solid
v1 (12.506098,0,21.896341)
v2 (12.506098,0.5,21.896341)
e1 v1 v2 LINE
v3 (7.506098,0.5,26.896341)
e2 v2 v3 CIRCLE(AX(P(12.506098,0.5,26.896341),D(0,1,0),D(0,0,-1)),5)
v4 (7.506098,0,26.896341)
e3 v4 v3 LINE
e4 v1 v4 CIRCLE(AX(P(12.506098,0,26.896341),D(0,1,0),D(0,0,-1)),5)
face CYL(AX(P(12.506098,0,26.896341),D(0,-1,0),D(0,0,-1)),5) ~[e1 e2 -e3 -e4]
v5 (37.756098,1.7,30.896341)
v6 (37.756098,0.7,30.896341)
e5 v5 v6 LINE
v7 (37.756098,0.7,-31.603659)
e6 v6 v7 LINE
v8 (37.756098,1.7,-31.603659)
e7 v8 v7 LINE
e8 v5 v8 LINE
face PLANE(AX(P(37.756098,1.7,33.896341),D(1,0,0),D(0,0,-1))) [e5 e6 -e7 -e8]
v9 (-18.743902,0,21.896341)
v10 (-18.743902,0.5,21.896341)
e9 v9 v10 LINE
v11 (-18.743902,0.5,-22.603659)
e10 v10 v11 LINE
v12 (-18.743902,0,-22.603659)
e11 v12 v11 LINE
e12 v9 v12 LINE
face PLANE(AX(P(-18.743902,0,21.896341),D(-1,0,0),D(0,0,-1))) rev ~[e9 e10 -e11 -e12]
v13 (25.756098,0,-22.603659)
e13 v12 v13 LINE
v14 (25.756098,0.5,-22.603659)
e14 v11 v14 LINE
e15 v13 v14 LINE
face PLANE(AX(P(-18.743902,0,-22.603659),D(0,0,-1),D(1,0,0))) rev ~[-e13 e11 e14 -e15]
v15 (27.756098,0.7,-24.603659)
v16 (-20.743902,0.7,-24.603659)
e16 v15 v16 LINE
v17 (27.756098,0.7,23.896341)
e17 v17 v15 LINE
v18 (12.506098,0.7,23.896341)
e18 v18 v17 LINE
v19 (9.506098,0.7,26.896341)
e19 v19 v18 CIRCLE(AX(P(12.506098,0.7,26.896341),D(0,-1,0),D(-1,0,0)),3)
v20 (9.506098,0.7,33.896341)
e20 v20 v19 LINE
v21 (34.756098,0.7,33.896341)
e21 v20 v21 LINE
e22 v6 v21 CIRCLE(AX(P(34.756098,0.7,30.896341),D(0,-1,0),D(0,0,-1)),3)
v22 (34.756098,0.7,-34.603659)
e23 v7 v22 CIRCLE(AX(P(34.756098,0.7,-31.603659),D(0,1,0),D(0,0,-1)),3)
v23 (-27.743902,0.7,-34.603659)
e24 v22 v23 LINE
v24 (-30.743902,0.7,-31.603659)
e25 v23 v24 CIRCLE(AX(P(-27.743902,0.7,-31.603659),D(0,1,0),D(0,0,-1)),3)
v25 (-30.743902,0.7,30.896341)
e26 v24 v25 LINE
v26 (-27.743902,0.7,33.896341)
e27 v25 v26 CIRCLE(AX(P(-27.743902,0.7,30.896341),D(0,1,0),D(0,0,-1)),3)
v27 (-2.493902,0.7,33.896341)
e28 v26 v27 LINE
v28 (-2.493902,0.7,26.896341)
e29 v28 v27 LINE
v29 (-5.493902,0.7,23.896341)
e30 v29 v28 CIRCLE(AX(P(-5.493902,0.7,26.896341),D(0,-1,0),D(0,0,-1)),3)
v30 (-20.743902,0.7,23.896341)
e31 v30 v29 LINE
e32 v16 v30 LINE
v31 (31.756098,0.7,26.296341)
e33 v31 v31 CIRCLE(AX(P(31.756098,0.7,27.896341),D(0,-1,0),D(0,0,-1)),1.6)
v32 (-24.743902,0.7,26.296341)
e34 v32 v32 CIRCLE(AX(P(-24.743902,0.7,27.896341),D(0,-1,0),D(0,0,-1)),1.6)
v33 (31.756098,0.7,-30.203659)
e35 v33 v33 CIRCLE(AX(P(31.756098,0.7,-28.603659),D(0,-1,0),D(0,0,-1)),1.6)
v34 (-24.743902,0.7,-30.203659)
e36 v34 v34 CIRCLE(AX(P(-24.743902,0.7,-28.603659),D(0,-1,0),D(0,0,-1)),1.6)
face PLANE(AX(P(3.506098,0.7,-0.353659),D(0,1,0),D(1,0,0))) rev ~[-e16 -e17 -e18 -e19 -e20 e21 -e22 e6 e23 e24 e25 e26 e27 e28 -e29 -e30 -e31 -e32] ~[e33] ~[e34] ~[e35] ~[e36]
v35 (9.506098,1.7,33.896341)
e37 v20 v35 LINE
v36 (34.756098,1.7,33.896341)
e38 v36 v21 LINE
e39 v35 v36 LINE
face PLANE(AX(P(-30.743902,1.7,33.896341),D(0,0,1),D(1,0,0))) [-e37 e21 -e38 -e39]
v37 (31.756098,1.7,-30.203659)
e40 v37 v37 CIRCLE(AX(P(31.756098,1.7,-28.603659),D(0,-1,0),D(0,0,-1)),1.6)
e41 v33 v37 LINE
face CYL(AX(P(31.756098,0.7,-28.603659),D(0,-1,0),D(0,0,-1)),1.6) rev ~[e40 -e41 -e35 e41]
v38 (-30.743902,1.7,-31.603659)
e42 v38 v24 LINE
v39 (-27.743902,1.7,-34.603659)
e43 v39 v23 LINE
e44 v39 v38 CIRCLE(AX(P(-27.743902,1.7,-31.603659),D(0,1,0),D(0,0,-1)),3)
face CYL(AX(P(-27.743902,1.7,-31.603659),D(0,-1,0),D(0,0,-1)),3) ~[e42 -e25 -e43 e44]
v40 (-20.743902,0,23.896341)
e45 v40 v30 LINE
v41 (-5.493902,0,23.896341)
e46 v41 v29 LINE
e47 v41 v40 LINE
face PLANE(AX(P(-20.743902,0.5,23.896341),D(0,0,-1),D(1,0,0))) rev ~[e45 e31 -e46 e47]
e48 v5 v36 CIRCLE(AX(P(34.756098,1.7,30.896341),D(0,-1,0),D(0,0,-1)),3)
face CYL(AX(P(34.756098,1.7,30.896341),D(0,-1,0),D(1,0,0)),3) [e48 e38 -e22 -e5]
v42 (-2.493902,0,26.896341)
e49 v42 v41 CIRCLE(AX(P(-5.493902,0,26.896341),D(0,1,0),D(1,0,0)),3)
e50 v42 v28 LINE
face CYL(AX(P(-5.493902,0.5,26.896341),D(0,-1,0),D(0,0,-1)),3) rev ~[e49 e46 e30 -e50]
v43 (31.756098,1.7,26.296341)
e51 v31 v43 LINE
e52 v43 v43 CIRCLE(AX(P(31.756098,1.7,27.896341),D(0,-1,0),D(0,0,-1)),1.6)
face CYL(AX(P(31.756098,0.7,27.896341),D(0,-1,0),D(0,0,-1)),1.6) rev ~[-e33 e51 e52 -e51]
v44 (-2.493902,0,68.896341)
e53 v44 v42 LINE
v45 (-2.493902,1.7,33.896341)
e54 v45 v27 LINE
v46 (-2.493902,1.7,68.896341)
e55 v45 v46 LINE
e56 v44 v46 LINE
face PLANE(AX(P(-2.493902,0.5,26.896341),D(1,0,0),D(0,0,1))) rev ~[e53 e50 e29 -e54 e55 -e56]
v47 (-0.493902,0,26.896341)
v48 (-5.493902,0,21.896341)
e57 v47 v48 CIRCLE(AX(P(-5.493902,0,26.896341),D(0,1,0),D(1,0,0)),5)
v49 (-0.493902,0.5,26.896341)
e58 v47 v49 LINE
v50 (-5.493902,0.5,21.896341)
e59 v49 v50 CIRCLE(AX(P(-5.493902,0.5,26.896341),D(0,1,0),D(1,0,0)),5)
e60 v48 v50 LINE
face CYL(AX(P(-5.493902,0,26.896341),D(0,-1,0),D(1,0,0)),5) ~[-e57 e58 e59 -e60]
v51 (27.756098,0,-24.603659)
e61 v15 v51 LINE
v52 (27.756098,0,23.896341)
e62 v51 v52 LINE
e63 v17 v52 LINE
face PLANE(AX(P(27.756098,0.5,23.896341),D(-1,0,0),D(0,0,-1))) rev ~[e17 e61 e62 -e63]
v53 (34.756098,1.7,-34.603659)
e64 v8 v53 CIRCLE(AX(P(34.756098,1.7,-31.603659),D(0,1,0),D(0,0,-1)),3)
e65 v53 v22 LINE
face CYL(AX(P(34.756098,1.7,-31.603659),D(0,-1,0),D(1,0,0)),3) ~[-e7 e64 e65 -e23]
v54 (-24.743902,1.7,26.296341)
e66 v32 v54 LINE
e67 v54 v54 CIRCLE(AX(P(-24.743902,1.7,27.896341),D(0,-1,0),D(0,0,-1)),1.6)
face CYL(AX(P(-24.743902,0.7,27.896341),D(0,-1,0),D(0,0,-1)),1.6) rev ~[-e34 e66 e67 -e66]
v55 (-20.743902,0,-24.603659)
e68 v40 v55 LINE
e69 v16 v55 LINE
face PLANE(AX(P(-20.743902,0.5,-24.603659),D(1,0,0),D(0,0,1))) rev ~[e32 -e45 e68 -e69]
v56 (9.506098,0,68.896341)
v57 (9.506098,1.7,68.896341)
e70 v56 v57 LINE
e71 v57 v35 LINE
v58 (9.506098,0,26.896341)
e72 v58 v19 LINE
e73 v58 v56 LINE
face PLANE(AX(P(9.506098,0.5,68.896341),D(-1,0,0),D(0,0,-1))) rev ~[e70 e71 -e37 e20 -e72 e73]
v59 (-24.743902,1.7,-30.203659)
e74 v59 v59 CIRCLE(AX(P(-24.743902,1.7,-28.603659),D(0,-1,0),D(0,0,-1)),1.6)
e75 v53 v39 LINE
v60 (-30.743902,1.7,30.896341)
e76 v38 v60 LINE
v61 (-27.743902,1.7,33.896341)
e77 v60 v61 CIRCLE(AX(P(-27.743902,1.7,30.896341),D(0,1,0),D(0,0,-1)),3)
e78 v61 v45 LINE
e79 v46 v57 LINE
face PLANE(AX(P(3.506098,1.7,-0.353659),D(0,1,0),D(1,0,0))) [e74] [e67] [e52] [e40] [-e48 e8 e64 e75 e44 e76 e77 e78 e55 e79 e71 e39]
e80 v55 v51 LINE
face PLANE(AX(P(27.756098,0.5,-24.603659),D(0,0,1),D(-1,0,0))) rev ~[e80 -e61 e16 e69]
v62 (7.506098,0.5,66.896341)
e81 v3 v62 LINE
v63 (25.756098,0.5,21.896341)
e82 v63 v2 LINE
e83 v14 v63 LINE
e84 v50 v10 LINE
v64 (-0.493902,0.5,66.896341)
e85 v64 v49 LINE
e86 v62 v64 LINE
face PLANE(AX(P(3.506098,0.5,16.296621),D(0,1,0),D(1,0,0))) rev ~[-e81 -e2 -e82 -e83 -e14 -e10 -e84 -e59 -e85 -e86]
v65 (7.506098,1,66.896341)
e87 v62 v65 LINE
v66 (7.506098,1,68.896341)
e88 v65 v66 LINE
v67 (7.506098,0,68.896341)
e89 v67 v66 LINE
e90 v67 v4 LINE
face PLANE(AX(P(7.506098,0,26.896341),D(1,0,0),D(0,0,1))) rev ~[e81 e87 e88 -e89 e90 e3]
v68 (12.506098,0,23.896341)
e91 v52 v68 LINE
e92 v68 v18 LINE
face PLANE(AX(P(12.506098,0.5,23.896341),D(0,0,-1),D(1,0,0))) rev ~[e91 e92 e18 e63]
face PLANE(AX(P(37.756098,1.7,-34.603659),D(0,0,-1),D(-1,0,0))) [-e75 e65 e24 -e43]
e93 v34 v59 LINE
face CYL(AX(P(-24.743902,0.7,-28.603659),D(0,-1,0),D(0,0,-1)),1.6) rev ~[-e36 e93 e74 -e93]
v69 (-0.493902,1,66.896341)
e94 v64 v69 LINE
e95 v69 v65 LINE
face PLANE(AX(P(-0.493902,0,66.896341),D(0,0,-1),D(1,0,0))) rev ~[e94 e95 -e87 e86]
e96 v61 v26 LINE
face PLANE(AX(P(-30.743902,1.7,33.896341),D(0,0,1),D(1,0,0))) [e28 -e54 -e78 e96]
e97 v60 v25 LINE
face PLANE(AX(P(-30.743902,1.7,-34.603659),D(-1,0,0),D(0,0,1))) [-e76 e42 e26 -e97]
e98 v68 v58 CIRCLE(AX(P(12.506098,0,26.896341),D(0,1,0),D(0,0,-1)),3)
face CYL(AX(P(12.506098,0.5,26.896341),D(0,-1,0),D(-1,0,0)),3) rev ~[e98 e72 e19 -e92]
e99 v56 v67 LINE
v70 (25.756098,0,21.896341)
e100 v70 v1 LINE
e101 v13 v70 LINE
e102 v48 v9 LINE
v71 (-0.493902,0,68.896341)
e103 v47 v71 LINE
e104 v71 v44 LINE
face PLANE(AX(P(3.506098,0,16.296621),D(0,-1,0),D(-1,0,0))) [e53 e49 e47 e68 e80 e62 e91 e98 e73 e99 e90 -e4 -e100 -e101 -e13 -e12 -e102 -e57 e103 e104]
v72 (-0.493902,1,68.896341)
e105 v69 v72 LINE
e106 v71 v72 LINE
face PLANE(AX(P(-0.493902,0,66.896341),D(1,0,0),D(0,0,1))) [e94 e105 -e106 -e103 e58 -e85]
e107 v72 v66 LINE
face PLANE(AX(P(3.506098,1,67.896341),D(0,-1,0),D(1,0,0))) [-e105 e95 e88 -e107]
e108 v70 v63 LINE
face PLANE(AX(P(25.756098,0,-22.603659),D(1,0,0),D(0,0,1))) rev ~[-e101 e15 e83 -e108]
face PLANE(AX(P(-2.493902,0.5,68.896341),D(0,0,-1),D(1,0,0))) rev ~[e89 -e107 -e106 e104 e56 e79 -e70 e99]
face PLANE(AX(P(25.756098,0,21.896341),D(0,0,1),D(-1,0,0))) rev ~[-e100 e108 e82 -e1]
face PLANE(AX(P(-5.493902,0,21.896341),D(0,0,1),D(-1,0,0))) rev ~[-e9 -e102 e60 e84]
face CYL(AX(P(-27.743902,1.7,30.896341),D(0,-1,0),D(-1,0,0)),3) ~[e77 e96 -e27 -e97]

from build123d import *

# Parameters (mm, degrees)
BOSS_EXTRUDE1_DEPTH = 0.5
BOSS_EXTRUDE2_DEPTH = 1.2
SKETCH3_W           = 8
SKETCH3_H           = 2
CUT_EXTRUDE1_DEPTH  = 1
BOSS_EXTRUDE3_DEPTH = 1
FILLET1_R           = 3
SKETCH5_R           = 1.6
CUT_EXTRUDE2_DEPTH  = 1


with BuildPart() as part:
    # Sketch1 → Boss-Extrude1 (new body)
    with BuildSketch(Plane(origin=(0, 0, 0), x_dir=(1, 0, 0), z_dir=(0, 1, 0))):
        with BuildLine():
            Line((-20.743902439, 24.603658537), (27.756097561, 24.603658537))
            Line((27.756097561, 24.603658537), (27.756097561, -23.896341463))
            Line((27.756097561, -23.896341463), (12.506097561, -23.896341463))
            ThreePointArc((12.506097561, -23.896341463), (10.384777217, -24.77502112), (9.506097561, -26.896341463))
            Line((9.506097561, -26.896341463), (9.506097561, -68.896341463))
            Line((9.506097561, -68.896341463), (-2.493902439, -68.896341463))
            Line((-2.493902439, -68.896341463), (-2.493902439, -26.896341463))
            ThreePointArc((-2.493902439, -26.896341463), (-3.372582095, -24.77502112), (-5.493902439, -23.896341463))
            Line((-5.493902439, -23.896341463), (-20.743902439, -23.896341463))
            Line((-20.743902439, -23.896341463), (-20.743902439, 24.603658537))
        make_face()
        with BuildLine():
            Line((-18.743902439, 22.603658537), (25.756097561, 22.603658537))
            Line((25.756097561, 22.603658537), (25.756097561, -21.896341463))
            Line((25.756097561, -21.896341463), (12.506097561, -21.896341463))
            ThreePointArc((12.506097561, -21.896341463), (8.970563655, -23.360807557), (7.506097561, -26.896341463))
            Line((7.506097561, -26.896341463), (7.506097561, -66.896341463))
            Line((7.506097561, -66.896341463), (-0.493902439, -66.896341463))
            Line((-0.493902439, -66.896341463), (-0.493902439, -26.896341463))
            ThreePointArc((-0.493902439, -26.896341463), (-1.958368533, -23.360807557), (-5.493902439, -21.896341463))
            Line((-5.493902439, -21.896341463), (-18.743902439, -21.896341463))
            Line((-18.743902439, -21.896341463), (-18.743902439, 22.603658537))
        make_face(mode=Mode.SUBTRACT)
    extrude(amount=BOSS_EXTRUDE1_DEPTH)

    # Sketch2 → Boss-Extrude2 (add)
    with BuildSketch(Plane(origin=(0, 0.5, 0), x_dir=(1, 0, 0), z_dir=(0, 1, 0))):
        with BuildLine():
            Line((-20.743902439, 24.603658537), (-20.743902439, -23.896341463))
            Line((-20.743902439, -23.896341463), (-5.493902439, -23.896341463))
            ThreePointArc((-5.493902439, -23.896341463), (-3.372582095, -24.77502112), (-2.493902439, -26.896341463))
            Line((-2.493902439, -26.896341463), (-2.493902439, -68.896341463))
            Line((-2.493902439, -68.896341463), (9.506097561, -68.896341463))
            Line((9.506097561, -68.896341463), (9.506097561, -26.896341463))
            ThreePointArc((9.506097561, -26.896341463), (10.384777217, -24.77502112), (12.506097561, -23.896341463))
            Line((12.506097561, -23.896341463), (27.756097561, -23.896341463))
            Line((27.756097561, -23.896341463), (27.756097561, 24.603658537))
            Line((27.756097561, 24.603658537), (-20.743902439, 24.603658537))
        make_face()
    extrude(amount=BOSS_EXTRUDE2_DEPTH)

    # Sketch3 → Cut-Extrude1 (cut)
    with BuildSketch(Plane.XZ):
        with Locations((3.506097561, 67.896341463)):
            Rectangle(SKETCH3_W, SKETCH3_H)
    extrude(amount=-CUT_EXTRUDE1_DEPTH, mode=Mode.SUBTRACT)

    # Sketch4 → Boss-Extrude3 (add)
    with BuildSketch(Plane(origin=(0, 1.7, 0), x_dir=(1, 0, 0), z_dir=(0, 1, 0))):
        Polygon((-12.493902439, -33.896341463), (19.506097561, -33.896341463), (37.756097561, -33.896341463), (37.756097561, 34.603658537), (-30.743902439, 34.603658537), (-30.743902439, -33.896341463), align=None)
    extrude(amount=-BOSS_EXTRUDE3_DEPTH)

    # Fillet1
    fillet1_edges = [part.edges().sort_by_distance(p)[0] for p in [
        (37.756097561, 1.2, 33.896341463),
        (37.756097561, 1.2, -34.603658537),
        (-30.743902439, 1.2, 33.896341463),
        (-30.743902439, 1.2, -34.603658537),
    ]]
    fillet(fillet1_edges, radius=FILLET1_R)

    # Sketch5 → Cut-Extrude2 (cut)
    with BuildSketch(Plane.XZ.offset(-0.7)):
        with Locations(Location((-24.743902439, 27.896341463, 0), (0, 0, 270))):  # turned: the seam where the file's is
            Circle(SKETCH5_R)
        with Locations(Location((31.756097561, 27.896341463, 0), (0, 0, 270))):  # turned: the seam where the file's is
            Circle(SKETCH5_R)
        with Locations(Location((31.756097561, -28.603658537, 0), (0, 0, 270))):  # turned: the seam where the file's is
            Circle(SKETCH5_R)
        with Locations(Location((-24.743902439, -28.603658537, 0), (0, 0, 270))):  # turned: the seam where the file's is
            Circle(SKETCH5_R)
    extrude(amount=-CUT_EXTRUDE2_DEPTH, mode=Mode.SUBTRACT)


solid = part.part
